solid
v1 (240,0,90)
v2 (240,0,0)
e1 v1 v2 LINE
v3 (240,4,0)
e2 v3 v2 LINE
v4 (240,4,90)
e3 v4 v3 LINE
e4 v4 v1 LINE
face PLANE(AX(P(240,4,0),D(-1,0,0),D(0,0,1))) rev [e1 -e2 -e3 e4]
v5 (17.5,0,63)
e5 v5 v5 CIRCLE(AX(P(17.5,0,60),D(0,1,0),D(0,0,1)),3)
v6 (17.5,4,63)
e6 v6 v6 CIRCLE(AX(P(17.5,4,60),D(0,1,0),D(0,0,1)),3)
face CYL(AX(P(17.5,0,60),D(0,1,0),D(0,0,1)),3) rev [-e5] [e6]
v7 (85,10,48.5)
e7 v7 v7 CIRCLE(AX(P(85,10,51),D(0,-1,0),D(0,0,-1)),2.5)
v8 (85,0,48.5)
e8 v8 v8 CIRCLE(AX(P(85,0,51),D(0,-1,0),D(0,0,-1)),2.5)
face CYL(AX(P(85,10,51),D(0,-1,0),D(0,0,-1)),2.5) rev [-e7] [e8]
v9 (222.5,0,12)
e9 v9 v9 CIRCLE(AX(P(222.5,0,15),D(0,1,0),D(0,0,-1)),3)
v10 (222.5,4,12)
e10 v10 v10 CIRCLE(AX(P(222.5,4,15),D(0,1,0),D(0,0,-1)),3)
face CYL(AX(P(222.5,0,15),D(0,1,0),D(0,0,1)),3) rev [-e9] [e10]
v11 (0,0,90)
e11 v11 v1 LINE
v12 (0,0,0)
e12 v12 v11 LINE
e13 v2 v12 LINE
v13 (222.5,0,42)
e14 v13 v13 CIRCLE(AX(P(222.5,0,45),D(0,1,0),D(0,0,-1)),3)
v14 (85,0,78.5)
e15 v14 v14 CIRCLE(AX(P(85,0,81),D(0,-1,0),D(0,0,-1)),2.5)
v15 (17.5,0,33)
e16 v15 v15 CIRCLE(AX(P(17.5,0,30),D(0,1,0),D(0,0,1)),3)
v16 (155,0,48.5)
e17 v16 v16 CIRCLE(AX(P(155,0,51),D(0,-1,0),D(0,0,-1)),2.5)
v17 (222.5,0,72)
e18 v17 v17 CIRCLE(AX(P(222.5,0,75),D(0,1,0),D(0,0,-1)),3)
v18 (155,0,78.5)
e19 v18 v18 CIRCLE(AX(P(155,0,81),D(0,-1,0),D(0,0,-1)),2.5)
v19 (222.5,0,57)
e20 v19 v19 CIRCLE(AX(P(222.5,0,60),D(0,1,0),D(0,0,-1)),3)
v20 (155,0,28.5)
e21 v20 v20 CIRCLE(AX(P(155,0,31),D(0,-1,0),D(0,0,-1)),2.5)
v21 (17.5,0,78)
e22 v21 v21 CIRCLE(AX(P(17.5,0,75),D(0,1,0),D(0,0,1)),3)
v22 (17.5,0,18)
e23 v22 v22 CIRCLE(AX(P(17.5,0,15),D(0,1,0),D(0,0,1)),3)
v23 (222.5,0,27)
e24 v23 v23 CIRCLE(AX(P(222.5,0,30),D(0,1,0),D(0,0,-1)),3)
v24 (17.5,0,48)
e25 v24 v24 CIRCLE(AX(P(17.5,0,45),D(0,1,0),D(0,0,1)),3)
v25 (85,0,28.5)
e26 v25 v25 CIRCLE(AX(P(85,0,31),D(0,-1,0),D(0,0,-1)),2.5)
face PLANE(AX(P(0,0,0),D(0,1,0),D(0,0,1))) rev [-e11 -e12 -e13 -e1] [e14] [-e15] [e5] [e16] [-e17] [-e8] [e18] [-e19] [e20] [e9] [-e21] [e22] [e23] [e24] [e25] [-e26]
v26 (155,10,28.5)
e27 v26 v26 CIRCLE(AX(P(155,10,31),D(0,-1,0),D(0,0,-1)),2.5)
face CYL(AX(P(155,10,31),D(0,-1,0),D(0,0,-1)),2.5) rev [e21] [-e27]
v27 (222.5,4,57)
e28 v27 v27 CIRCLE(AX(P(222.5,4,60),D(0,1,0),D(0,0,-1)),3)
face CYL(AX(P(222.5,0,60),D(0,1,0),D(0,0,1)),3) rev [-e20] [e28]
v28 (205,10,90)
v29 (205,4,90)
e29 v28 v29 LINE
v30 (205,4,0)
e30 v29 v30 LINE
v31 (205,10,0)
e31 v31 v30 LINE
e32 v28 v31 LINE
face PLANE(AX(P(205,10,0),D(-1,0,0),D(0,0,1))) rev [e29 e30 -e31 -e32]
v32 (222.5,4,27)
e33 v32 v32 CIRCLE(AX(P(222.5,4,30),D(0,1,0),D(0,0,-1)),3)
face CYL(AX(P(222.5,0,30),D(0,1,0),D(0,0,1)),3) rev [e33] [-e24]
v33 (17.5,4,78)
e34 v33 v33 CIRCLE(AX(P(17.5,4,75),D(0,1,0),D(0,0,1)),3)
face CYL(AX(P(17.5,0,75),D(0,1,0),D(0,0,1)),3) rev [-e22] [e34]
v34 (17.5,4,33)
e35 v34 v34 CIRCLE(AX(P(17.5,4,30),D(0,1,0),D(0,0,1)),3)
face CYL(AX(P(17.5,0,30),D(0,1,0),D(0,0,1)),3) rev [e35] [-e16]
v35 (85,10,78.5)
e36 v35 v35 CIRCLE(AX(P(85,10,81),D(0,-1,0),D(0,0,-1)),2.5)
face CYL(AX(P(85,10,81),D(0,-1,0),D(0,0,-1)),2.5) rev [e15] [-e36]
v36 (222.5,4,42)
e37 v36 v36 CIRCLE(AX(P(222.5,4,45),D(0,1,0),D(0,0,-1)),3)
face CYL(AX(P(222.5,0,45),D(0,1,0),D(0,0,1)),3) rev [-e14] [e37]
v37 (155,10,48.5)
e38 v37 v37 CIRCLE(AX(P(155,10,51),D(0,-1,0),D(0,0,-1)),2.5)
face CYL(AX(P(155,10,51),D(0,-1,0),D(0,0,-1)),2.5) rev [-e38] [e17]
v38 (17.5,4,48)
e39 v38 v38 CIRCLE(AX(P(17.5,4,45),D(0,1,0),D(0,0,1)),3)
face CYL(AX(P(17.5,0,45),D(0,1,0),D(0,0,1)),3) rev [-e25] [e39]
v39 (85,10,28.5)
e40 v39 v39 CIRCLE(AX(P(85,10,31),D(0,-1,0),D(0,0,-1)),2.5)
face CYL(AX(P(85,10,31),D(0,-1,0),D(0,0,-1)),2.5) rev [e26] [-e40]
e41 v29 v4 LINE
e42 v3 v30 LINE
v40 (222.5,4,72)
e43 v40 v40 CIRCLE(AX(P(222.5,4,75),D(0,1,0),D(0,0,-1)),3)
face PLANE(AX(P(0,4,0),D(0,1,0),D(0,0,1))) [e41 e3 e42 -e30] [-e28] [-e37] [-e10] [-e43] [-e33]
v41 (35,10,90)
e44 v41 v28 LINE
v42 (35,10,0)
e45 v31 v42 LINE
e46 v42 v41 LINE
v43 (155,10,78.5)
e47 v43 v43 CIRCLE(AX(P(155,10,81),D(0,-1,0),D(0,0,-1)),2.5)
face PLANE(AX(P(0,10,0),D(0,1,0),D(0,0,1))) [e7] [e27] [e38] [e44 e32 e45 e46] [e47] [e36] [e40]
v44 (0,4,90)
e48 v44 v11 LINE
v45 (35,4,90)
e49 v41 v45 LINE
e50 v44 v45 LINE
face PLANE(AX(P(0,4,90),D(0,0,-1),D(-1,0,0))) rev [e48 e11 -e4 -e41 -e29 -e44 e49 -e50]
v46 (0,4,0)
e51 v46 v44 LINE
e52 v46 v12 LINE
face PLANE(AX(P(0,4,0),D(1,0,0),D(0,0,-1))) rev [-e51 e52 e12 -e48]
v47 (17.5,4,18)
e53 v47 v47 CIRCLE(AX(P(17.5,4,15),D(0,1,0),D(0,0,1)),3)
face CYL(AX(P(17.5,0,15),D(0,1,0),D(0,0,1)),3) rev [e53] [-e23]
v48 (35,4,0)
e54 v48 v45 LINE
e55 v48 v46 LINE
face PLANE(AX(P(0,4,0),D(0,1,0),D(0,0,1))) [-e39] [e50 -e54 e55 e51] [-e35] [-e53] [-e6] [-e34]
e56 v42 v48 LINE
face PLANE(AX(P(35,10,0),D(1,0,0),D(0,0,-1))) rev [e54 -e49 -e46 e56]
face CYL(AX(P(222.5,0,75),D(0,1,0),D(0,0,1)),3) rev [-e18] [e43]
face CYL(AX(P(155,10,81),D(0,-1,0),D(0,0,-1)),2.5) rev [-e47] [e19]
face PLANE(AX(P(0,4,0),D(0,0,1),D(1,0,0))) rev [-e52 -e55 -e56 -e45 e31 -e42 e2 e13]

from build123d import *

# Parameters (mm, degrees)
SKETCH_1_W          = 240
SKETCH_1_H          = 90
EXTRUDE_1_DEPTH     = 4
SKETCH_2_W          = 170
SKETCH_2_H          = 90
EXTRUDE_2_DEPTH     = 6
SKETCH_3_R          = 3
CUT_EXTRUDE_1_DEPTH = 257.390327431
SKETCH_4_R          = 2.5
CUT_EXTRUDE_5_DEPTH = 257.515106768


with BuildPart() as part:
    # 草图1 → 凸台-拉伸1 (new body)
    with BuildSketch(Plane(origin=(0, 0, 0), x_dir=(1, 0, 0), z_dir=(0, 1, 0))):
        with Locations((120, -45)):
            Rectangle(SKETCH_1_W, SKETCH_1_H)
    extrude(amount=EXTRUDE_1_DEPTH)

    # 草图2 → 凸台-拉伸2 (add)
    with BuildSketch(Plane(origin=(0, 4, 0), x_dir=(1, 0, 0), z_dir=(0, 1, 0))):
        with Locations((120, -45)):
            Rectangle(SKETCH_2_W, SKETCH_2_H)
    extrude(amount=EXTRUDE_2_DEPTH)

    # 草图3 → 切除-拉伸1 (cut, through all)
    with BuildSketch(Plane(origin=(0, 4, 0), x_dir=(1, 0, 0), z_dir=(0, 1, 0))):
        with Locations(Location((17.5, -15, 0), (0, 0, 270))):
            Circle(SKETCH_3_R)
        with Locations(Location((17.5, -30, 0), (0, 0, 270))):
            Circle(SKETCH_3_R)
        with Locations(Location((17.5, -45, 0), (0, 0, 270))):
            Circle(SKETCH_3_R)
        with Locations(Location((17.5, -60, 0), (0, 0, 270))):
            Circle(SKETCH_3_R)
        with Locations(Location((17.5, -75, 0), (0, 0, 270))):
            Circle(SKETCH_3_R)
        with Locations(Location((222.5, -75, 0), (0, 0, 90))):
            Circle(SKETCH_3_R)
        with Locations(Location((222.5, -60, 0), (0, 0, 90))):
            Circle(SKETCH_3_R)
        with Locations(Location((222.5, -45, 0), (0, 0, 90))):
            Circle(SKETCH_3_R)
        with Locations(Location((222.5, -30, 0), (0, 0, 90))):
            Circle(SKETCH_3_R)
        with Locations(Location((222.5, -15, 0), (0, 0, 90))):
            Circle(SKETCH_3_R)
    extrude(amount=-CUT_EXTRUDE_1_DEPTH, mode=Mode.SUBTRACT)

    # 草图4 → 切除-拉伸5 (cut, through all)
    with BuildSketch(Plane.XZ):
        with Locations(Location((85, 81, 0), (0, 0, 270))):
            Circle(SKETCH_4_R)
        with Locations(Location((155, 81, 0), (0, 0, 270))):
            Circle(SKETCH_4_R)
        with Locations(Location((85, 31, 0), (0, 0, 270))):
            Circle(SKETCH_4_R)
        with Locations(Location((155, 31, 0), (0, 0, 270))):
            Circle(SKETCH_4_R)
        with Locations(Location((85, 51, 0), (0, 0, 270))):
            Circle(SKETCH_4_R)
        with Locations(Location((155, 51, 0), (0, 0, 270))):
            Circle(SKETCH_4_R)
    extrude(amount=-CUT_EXTRUDE_5_DEPTH, mode=Mode.SUBTRACT)


solid = part.part
